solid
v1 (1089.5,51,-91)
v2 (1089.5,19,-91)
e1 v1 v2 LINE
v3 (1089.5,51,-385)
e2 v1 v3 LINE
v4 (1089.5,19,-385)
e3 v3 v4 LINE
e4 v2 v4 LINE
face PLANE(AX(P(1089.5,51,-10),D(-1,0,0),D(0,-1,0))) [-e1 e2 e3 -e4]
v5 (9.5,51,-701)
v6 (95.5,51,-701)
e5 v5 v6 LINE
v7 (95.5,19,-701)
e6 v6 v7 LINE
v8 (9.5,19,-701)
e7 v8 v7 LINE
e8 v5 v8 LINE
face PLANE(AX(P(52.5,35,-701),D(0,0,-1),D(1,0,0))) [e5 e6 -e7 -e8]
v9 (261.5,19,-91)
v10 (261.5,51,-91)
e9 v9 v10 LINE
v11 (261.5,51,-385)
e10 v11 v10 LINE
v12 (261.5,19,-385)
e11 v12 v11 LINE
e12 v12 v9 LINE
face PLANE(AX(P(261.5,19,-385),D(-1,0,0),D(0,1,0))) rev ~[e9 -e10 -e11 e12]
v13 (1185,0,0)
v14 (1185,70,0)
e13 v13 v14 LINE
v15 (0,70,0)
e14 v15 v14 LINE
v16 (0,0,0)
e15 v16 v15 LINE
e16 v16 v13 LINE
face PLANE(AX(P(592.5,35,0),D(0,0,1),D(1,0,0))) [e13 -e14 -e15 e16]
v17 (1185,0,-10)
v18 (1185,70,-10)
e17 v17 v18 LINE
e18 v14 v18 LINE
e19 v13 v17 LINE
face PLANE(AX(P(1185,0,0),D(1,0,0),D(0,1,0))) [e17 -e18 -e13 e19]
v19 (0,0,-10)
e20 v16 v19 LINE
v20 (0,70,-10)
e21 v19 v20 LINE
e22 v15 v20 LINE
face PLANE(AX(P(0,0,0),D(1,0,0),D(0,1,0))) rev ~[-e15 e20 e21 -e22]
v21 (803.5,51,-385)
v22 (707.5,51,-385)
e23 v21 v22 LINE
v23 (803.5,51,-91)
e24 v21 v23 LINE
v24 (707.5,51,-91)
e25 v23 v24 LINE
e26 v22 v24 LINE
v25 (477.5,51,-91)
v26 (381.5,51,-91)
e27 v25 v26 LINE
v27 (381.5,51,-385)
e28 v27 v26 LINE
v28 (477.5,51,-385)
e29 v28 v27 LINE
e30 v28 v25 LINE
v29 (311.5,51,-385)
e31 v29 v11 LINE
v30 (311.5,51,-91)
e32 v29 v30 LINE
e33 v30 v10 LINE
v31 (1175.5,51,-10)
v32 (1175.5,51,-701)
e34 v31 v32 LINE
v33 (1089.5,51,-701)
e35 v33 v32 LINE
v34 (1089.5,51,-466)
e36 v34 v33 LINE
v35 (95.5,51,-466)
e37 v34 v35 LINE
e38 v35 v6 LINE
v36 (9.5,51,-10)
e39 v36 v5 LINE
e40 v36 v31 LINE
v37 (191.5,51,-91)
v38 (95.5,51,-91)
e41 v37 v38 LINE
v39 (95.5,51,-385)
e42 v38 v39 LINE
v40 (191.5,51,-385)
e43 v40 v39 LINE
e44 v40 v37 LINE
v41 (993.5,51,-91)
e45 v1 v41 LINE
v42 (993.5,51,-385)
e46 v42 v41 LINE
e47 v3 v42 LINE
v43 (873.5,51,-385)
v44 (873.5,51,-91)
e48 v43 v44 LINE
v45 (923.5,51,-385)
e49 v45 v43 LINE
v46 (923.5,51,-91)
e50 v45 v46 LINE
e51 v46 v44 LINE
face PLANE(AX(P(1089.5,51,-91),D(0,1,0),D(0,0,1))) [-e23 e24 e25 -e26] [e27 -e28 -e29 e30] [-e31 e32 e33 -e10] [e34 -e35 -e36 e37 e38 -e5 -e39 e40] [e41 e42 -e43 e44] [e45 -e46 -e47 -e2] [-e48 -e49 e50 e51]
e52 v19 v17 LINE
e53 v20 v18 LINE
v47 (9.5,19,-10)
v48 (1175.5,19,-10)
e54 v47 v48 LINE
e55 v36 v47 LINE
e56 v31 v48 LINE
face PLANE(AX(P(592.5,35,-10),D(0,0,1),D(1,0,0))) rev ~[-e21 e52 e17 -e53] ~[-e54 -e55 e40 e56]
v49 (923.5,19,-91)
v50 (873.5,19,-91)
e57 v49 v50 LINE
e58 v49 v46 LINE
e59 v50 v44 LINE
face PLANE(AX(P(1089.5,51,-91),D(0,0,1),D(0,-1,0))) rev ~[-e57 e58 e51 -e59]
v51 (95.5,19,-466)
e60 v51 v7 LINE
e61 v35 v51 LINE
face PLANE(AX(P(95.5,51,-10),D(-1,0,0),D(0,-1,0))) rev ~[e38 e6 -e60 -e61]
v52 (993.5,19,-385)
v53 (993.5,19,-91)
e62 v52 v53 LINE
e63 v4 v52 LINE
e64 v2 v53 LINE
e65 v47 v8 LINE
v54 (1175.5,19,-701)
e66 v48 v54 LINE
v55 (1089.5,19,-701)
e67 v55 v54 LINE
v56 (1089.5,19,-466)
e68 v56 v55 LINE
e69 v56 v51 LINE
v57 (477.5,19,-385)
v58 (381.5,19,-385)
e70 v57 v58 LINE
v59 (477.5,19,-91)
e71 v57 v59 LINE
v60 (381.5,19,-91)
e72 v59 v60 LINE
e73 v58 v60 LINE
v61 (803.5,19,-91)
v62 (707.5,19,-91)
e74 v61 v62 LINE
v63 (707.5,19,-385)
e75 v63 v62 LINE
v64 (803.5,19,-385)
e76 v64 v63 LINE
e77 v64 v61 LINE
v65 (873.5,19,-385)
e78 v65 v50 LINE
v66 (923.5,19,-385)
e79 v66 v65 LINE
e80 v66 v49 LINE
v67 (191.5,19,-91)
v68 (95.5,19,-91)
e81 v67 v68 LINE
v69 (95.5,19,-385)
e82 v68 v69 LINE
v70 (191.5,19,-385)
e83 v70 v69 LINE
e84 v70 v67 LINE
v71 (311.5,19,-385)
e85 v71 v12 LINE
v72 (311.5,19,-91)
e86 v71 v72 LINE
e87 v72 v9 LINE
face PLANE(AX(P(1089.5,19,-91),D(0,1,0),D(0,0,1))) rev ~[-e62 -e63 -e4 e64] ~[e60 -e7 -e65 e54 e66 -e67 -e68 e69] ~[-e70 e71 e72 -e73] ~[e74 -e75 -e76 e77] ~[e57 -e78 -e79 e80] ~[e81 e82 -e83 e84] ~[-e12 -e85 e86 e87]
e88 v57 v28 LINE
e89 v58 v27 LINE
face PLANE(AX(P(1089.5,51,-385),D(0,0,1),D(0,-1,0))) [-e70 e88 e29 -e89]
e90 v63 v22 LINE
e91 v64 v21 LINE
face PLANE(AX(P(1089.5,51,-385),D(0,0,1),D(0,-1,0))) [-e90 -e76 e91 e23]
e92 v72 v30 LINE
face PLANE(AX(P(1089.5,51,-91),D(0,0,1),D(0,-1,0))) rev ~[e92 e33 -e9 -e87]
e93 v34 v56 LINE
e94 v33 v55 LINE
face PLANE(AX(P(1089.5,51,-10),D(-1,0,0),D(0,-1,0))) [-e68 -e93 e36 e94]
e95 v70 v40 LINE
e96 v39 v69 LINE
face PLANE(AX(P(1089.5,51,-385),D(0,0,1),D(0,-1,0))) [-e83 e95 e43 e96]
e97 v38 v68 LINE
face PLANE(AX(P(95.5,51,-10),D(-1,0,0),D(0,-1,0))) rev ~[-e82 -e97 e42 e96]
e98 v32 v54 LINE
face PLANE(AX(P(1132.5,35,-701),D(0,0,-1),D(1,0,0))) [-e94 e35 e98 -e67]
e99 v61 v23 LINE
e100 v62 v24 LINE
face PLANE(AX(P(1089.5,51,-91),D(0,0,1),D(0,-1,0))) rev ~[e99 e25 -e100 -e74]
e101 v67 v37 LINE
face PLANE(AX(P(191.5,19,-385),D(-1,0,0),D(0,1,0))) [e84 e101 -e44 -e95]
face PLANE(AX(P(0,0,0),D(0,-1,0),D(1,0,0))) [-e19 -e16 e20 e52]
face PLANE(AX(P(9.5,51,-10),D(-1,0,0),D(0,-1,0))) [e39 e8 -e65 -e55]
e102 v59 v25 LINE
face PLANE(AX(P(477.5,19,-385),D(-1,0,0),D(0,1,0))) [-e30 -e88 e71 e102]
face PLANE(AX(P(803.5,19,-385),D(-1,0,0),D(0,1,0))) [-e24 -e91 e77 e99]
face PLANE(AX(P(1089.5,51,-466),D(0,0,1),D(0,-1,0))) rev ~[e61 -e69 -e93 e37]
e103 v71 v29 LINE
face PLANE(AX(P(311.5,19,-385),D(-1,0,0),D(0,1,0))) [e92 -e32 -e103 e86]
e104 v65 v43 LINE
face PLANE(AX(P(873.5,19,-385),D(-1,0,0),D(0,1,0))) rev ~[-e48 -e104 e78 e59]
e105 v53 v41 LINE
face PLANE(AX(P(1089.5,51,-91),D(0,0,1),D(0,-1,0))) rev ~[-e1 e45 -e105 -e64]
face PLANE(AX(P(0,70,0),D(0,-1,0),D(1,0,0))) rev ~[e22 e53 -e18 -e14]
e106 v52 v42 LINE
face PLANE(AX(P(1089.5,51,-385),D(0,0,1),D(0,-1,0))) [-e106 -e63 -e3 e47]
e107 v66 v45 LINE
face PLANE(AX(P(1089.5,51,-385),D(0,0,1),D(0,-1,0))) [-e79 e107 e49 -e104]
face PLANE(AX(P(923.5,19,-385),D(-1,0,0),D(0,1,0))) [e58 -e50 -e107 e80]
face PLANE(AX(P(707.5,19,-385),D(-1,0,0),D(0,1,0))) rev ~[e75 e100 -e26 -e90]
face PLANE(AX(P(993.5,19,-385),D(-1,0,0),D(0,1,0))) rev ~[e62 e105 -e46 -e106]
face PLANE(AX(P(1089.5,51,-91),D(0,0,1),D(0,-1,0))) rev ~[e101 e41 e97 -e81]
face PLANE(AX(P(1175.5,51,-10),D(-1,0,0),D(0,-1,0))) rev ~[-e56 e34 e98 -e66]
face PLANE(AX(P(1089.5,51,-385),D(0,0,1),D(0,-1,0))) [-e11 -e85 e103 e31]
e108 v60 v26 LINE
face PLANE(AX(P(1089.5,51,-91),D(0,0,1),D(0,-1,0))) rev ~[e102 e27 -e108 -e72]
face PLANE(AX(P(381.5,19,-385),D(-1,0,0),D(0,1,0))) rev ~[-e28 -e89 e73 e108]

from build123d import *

# Parameters (mm, degrees)
F0_W     = 1185
F0_H     = 70
F1_DEPTH = 10
F2_W     = 86
F2_H     = 32
F3_DEPTH = 691
F4_W     = 32
F4_H     = 81
F5_DEPTH = 994
F6_W     = 70
F6_H     = 32
F6_W_2   = 230
F7_DEPTH = 294


with BuildPart() as f1:
    # F0 (on Top) → F1 (new body)
    with BuildSketch(Plane.XY):
        with Locations((592.5, 35)):
            Rectangle(F0_W, F0_H)
    extrude(amount=-F1_DEPTH)

    # F2 (on face) → F3 (join)
    with BuildSketch(Plane(origin=(0, 0, -10), x_dir=(1, 0, 0), z_dir=(0, 0, -1))):
        with Locations((52.5, -35)):
            Rectangle(F2_W, F2_H)
        with Locations((1132.5, -35)):
            Rectangle(F2_W, F2_H)
    extrude(amount=F3_DEPTH)

    # F4 (on face) → F5 (join, through all)
    with BuildSketch(Plane(origin=(1089.5, 0, 0), x_dir=(0, -1, 0), z_dir=(-1, 0, 0))):
        with Locations((-35, -50.5)):
            Rectangle(F4_W, F4_H)
        with Locations((-35, -425.5)):
            Rectangle(F4_W, F4_H)
    extrude(amount=F5_DEPTH)

    # F6 (on face) → F7 (join, through all)
    with BuildSketch(Plane.XY.offset(-385)):
        with Locations((958.5, 35)):
            Rectangle(F6_W, F6_H)
        with Locations((838.5, 35)):
            Rectangle(F6_W, F6_H)
        with Locations((592.5, 35)):
            Rectangle(F6_W_2, F6_H)
        with Locations((346.5, 35)):
            Rectangle(F6_W, F6_H)
        with Locations((226.5, 35)):
            Rectangle(F6_W, F6_H)
    extrude(amount=F7_DEPTH)


solid = f1.part
